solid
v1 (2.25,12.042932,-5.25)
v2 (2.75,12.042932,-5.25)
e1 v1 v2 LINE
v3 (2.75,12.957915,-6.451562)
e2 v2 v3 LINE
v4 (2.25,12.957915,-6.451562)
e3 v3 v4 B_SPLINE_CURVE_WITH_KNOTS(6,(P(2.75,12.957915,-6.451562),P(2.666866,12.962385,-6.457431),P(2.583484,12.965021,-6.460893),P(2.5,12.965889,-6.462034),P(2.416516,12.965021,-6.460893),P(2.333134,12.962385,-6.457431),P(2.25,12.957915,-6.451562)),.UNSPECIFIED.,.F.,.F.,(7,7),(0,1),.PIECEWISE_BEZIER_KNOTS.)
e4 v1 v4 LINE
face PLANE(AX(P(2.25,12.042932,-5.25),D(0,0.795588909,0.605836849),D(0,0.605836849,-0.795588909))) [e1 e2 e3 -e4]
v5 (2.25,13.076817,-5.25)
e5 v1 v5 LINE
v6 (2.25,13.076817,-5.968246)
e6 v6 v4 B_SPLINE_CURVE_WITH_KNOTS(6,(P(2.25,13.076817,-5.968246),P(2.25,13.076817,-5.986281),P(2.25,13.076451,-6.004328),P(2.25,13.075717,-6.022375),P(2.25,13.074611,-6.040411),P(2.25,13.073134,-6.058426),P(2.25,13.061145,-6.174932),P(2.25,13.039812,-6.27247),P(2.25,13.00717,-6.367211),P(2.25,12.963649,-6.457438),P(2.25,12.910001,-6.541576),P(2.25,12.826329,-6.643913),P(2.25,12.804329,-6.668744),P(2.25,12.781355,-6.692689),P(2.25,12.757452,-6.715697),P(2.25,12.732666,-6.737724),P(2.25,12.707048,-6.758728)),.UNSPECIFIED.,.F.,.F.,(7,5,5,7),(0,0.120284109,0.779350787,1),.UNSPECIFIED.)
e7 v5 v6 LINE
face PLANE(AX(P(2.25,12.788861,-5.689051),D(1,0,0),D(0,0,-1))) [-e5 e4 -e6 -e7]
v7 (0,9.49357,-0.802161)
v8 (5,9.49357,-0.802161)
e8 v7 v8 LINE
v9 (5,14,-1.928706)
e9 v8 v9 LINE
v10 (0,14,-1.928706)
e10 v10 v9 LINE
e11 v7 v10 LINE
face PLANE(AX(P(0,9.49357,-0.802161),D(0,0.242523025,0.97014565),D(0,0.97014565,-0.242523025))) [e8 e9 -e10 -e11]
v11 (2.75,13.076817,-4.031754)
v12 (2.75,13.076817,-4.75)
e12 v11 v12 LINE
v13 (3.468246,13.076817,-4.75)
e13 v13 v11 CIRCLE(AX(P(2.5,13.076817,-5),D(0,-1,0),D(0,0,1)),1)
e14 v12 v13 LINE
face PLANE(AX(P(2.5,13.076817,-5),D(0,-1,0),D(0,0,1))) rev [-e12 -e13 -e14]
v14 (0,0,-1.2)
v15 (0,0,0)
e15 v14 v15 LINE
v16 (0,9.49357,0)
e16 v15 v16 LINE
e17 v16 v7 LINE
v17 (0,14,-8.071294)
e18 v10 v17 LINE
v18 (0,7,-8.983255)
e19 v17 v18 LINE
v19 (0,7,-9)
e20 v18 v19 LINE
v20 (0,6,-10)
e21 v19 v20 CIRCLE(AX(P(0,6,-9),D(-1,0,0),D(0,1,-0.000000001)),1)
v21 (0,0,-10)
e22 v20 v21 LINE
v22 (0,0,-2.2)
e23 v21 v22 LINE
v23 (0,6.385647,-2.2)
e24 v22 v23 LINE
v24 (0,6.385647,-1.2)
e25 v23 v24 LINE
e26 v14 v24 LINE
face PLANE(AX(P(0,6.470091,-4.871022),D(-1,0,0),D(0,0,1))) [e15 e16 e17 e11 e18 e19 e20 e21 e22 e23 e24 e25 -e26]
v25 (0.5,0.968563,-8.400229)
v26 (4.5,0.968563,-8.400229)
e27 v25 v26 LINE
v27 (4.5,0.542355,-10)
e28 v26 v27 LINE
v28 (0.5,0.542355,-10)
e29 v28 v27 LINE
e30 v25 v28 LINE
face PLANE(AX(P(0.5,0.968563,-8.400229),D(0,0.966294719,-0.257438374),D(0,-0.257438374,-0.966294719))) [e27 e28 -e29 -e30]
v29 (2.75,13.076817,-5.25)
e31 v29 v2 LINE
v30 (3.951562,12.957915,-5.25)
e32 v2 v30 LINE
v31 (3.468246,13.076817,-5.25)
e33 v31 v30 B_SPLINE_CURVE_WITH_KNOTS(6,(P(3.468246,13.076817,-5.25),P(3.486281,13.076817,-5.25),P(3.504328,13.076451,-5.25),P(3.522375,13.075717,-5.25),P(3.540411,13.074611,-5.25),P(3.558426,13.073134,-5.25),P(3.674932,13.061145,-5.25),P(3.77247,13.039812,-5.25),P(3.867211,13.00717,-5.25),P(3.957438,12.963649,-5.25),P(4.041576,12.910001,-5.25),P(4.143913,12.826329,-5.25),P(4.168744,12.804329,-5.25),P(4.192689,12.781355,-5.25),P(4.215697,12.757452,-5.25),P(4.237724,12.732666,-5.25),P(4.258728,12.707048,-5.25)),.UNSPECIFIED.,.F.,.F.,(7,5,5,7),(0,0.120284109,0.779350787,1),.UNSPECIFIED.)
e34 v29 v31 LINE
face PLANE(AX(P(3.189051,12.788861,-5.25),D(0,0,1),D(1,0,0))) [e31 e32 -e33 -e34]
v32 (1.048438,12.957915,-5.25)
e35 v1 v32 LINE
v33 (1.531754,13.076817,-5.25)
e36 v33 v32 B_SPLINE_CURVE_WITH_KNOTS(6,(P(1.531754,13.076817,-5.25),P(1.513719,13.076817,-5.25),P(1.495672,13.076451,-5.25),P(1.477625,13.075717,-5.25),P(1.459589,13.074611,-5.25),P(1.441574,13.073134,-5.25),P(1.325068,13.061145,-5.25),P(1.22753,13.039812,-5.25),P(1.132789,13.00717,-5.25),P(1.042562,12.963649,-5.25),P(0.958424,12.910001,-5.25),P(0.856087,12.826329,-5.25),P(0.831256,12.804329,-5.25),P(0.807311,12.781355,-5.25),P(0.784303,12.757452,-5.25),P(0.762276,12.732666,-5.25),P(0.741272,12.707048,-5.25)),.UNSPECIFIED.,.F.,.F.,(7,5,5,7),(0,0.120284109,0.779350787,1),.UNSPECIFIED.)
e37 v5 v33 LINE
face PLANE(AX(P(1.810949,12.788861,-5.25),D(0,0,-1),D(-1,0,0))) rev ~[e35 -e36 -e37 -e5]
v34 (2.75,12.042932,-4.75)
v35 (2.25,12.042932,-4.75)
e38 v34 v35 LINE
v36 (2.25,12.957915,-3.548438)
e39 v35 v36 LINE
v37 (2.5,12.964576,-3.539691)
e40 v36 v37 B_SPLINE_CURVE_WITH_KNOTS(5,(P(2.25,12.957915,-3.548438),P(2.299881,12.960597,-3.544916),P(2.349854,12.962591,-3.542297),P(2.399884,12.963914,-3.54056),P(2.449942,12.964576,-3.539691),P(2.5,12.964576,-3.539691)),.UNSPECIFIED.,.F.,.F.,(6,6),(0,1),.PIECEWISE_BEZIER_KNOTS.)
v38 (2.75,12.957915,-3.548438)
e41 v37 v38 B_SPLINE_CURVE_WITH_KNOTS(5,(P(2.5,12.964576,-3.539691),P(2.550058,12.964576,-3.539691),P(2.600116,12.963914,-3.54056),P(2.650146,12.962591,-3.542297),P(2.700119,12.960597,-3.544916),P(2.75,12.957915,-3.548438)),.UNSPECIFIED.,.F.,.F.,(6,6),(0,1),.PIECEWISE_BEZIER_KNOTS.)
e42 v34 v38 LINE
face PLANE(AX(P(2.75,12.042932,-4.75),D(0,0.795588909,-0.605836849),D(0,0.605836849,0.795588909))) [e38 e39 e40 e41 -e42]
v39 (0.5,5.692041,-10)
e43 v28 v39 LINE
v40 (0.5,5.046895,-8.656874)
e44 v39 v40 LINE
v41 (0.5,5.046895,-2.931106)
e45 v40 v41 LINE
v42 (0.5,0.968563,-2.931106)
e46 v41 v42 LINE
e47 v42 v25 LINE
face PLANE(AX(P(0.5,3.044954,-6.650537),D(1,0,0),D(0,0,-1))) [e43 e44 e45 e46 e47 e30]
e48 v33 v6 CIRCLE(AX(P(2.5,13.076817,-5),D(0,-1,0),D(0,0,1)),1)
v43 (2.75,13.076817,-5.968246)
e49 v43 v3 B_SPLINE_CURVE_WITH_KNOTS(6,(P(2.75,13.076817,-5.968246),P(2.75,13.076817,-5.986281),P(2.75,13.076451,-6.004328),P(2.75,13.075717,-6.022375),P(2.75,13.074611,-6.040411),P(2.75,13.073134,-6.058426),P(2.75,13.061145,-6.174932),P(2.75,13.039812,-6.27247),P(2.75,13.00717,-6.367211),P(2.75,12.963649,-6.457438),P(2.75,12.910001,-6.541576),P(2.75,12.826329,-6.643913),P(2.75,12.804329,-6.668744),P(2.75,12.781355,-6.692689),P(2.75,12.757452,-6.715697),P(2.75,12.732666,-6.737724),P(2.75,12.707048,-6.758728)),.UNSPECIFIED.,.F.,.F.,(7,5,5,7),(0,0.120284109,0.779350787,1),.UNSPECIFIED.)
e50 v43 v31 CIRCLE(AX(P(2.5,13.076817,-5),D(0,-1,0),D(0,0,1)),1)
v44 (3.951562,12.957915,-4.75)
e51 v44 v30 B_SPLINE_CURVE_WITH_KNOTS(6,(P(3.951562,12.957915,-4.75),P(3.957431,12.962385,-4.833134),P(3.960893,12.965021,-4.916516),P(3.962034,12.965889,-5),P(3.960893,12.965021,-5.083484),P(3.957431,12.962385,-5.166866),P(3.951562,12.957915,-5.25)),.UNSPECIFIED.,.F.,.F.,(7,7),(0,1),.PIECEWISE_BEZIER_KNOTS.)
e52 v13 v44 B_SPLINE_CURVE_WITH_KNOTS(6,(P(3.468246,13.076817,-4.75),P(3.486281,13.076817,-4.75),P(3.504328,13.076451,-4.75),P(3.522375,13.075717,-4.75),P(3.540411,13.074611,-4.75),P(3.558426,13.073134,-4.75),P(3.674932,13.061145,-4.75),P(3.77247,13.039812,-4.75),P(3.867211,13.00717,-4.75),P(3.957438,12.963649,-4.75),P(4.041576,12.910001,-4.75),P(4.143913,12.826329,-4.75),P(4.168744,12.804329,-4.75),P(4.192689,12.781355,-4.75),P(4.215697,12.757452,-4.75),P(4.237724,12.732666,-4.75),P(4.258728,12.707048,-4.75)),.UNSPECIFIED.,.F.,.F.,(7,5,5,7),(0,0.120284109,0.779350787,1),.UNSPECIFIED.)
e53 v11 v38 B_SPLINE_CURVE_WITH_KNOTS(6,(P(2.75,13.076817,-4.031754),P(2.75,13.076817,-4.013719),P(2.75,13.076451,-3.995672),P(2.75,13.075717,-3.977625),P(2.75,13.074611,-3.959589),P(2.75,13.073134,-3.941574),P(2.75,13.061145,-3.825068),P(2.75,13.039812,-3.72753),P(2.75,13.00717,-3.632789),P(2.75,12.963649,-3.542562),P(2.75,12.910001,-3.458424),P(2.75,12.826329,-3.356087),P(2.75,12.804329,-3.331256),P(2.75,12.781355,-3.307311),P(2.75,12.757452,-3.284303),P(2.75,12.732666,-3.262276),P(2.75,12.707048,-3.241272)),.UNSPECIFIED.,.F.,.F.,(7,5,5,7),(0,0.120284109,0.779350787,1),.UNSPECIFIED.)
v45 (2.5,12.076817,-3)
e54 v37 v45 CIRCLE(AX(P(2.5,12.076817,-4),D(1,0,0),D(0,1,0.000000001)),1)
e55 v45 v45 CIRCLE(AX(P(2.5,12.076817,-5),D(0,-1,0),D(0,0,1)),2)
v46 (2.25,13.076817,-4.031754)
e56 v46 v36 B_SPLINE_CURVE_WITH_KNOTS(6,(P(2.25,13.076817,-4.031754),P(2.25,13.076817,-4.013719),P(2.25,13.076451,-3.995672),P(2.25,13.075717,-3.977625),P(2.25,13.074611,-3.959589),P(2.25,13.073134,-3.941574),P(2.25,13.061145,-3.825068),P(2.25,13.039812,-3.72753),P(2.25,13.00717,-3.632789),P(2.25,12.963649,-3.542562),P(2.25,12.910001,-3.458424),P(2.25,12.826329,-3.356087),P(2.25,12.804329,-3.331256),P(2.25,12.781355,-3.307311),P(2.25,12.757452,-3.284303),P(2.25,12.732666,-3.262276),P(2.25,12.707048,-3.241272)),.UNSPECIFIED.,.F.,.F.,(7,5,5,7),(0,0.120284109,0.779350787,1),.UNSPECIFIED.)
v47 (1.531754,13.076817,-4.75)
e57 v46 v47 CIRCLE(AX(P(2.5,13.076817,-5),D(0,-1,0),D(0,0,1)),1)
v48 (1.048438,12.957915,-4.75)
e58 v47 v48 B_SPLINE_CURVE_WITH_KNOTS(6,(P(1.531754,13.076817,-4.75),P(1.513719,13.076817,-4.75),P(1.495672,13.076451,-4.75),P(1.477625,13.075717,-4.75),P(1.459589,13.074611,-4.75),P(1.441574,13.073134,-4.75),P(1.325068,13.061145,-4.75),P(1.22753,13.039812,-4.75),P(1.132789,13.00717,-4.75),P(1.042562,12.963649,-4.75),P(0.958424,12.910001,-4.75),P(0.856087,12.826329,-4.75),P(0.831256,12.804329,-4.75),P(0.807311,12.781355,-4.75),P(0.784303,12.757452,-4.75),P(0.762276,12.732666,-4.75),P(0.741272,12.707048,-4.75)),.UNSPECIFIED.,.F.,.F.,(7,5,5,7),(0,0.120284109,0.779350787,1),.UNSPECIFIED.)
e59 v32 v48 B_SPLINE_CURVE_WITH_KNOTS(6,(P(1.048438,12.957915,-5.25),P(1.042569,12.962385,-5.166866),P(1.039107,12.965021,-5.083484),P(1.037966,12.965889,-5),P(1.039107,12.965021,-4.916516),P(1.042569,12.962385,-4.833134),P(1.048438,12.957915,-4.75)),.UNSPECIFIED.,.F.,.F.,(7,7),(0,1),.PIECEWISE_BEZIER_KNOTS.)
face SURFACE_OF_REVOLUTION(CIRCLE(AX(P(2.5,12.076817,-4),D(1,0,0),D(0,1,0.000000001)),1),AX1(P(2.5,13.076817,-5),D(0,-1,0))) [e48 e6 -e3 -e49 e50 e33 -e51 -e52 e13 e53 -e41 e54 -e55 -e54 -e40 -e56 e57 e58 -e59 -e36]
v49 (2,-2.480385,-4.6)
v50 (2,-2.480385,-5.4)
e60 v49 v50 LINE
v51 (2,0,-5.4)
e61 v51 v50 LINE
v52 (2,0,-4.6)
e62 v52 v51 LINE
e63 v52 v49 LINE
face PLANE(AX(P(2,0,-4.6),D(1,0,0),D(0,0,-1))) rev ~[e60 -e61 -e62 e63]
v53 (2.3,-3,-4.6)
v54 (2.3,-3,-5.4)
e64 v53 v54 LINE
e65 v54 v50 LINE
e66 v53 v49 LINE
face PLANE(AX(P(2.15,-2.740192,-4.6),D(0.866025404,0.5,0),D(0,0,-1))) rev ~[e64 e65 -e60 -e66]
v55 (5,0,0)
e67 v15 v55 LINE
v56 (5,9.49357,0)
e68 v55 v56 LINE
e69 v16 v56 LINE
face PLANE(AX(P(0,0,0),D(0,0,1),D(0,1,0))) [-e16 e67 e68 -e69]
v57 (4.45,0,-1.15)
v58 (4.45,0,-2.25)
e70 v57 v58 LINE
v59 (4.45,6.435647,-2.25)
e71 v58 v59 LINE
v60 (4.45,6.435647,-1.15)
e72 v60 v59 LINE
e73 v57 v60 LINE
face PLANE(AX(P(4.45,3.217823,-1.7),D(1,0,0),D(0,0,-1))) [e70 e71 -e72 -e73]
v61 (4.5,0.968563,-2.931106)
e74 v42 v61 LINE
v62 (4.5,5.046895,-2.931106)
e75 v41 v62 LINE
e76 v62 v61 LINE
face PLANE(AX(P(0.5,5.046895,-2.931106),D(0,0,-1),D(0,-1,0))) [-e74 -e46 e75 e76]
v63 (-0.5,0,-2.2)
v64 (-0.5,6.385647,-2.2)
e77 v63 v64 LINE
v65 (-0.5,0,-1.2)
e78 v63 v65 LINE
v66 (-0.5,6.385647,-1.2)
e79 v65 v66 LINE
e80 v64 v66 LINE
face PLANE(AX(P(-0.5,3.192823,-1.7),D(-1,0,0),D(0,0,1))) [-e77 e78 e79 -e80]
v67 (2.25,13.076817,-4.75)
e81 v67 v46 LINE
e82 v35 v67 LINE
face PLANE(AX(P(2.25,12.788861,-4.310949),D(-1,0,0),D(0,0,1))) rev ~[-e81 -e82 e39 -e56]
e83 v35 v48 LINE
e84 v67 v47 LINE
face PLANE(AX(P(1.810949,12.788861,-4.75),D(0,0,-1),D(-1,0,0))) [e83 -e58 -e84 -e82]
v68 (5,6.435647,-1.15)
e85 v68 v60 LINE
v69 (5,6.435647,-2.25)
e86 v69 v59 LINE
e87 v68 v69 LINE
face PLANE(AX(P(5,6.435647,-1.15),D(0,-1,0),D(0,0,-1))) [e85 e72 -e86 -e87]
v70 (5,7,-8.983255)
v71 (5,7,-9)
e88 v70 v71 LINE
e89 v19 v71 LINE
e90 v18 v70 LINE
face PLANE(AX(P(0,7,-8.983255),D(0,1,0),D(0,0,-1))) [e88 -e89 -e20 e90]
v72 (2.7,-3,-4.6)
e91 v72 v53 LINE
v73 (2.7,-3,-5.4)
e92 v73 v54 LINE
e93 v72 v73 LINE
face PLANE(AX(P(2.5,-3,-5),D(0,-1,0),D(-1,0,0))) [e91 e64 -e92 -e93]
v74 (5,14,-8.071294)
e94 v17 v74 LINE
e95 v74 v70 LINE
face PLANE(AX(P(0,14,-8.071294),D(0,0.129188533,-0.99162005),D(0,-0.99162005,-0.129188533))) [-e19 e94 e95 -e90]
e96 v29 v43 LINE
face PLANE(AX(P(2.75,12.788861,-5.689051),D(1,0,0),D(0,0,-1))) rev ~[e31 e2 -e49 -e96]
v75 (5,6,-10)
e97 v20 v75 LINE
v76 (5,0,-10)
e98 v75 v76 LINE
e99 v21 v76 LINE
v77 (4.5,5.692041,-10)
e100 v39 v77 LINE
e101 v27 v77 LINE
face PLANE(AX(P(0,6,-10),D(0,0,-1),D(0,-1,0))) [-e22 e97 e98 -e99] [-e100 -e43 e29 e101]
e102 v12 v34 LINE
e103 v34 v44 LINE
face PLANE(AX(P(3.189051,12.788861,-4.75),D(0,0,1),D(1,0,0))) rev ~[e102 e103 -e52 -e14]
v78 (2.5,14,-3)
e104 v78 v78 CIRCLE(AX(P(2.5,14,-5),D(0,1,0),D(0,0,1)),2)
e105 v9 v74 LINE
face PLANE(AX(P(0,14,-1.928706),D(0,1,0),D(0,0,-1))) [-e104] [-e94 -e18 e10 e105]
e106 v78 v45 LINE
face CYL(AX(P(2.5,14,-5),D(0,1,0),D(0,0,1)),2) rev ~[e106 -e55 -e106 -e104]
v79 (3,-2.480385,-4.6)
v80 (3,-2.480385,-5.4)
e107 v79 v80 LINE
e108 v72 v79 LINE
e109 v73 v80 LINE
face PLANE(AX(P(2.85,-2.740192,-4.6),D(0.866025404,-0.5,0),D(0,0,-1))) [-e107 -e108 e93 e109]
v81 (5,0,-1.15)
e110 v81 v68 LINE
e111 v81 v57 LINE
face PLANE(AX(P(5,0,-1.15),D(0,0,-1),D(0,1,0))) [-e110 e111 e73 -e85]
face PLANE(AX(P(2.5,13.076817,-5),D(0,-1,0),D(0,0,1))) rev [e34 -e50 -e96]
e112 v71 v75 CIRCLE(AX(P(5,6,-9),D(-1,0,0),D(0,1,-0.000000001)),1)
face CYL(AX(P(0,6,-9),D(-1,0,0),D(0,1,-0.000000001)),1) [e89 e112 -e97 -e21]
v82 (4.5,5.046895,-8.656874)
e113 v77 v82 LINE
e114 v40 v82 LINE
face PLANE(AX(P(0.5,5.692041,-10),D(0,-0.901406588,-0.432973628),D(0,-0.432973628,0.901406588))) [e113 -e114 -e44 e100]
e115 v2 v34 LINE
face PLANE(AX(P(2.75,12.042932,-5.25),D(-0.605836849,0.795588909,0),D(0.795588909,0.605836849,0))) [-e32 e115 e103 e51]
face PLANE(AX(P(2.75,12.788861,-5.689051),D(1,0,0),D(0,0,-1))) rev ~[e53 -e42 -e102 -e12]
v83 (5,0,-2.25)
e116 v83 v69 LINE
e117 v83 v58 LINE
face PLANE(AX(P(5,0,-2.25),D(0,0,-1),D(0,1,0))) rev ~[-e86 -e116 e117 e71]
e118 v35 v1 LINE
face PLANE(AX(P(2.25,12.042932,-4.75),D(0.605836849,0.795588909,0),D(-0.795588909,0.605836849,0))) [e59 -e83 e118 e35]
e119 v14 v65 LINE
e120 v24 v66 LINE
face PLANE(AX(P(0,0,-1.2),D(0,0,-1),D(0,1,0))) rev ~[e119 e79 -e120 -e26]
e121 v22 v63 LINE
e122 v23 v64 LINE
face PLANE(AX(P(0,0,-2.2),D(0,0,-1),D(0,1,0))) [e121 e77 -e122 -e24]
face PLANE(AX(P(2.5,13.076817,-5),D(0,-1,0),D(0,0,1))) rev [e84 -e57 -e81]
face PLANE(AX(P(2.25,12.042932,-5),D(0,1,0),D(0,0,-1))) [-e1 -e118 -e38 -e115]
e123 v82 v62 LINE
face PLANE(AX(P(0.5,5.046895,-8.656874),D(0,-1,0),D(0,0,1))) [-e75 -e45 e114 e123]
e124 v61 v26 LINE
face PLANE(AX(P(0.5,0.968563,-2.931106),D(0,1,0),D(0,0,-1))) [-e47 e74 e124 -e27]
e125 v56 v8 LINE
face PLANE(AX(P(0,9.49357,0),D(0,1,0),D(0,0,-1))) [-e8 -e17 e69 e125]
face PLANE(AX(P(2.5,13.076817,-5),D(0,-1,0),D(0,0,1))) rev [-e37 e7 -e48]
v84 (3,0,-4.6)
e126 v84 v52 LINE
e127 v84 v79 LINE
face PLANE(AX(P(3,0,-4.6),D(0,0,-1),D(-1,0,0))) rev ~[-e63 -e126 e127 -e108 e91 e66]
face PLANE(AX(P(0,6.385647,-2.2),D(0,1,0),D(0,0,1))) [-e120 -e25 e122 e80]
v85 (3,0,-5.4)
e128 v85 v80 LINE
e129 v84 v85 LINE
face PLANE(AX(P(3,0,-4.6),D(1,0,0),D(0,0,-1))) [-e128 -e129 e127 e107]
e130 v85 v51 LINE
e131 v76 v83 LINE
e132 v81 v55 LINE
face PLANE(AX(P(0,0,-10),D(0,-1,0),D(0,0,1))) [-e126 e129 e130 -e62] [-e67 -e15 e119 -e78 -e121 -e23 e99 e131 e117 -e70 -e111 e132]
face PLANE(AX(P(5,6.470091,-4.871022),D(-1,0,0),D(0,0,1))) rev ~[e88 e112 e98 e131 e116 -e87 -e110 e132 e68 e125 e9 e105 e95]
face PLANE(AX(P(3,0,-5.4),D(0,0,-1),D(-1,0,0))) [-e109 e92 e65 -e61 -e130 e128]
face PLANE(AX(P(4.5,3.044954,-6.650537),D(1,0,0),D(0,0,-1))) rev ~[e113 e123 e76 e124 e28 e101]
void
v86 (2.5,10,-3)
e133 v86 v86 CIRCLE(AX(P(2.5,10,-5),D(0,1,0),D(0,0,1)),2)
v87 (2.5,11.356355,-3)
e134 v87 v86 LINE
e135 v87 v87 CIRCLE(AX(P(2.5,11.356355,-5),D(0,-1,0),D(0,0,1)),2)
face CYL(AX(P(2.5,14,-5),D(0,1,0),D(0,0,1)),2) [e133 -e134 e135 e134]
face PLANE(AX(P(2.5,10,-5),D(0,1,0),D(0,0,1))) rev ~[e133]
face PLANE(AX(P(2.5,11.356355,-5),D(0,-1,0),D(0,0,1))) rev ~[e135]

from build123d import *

# Parameters (mm, degrees)
BOSS_EXTRUDE1_DEPTH      = 5
CUT_EXTRUDE_1_DEPTH      = 4
SKETCH_4_R               = 2
CUT_EXTRUDE_2_DEPTH      = 4
CUT_EXTRUDE_START        = 0.25
CUT_EXTRUDE_3_DEPTH      = 0.5
PATTERN_CIRCULAR_2_COUNT = 4
SKETCH_7_W               = 1
SKETCH_7_H               = 6.38564687
EXTRUDE_1_DEPTH          = 0.5
SKETCH_8_W               = 1.1
SKETCH_8_H               = 6.43564687
CUT_EXTRUDE_4_DEPTH      = 0.55
SKETCH_10_W              = 1
SKETCH_10_H              = 0.8
EXTRUDE_2_DEPTH          = 3
CHAMFER_2_SIZE           = 0.3
CHAMFER_2_SIZE2          = 0.519615242
CHAMFER_3_SIZE           = 0.3
CHAMFER_3_SIZE2          = 0.519615242


with BuildPart() as part:
    # Sketch1 → Boss-Extrude1 (new body)
    with BuildSketch(Plane(origin=(0, 0, 0), x_dir=(0, 0, -1), z_dir=(1, 0, 0))):
        with BuildLine():
            Line((8.071293529, 14), (8.983255455, 7))
            Line((8.983255455, 7), (9, 7))
            ThreePointArc((9, 7), (9.707106781, 6.707106781), (10, 6))
            Line((10, 6), (10, 0))
            Line((10, 0), (0, 0))
            Line((0, 0), (0, 9.493570114))
            Line((0, 9.493570114), (0.802161187, 9.493570114))
            Line((0.802161187, 9.493570114), (1.928706471, 14))
            Line((1.928706471, 14), (8.071293529, 14))
        make_face()
    extrude(amount=BOSS_EXTRUDE1_DEPTH)

    # Эскиз2 → Вырез-Вытянуть1 (cut)
    with BuildSketch(Plane.ZY.offset(-0.5)):
        Polygon((-10, 5.692040605), (-8.656873738, 5.046895275), (-2.931105615, 5.046895275), (-2.931105615, 0.968562632), (-8.400228705, 0.968562632), (-10, 0.542354651), align=None)
    extrude(amount=-CUT_EXTRUDE_1_DEPTH, mode=Mode.SUBTRACT)

    # Эскиз4 → Вырез-Вытянуть2 (cut)
    with BuildSketch(Plane(origin=(0, 14, 0), x_dir=(1, 0, 0), z_dir=(0, 1, 0))):
        with Locations((2.5, 5)):
            Circle(SKETCH_4_R)
    extrude(amount=-CUT_EXTRUDE_2_DEPTH, mode=Mode.SUBTRACT)

    # Эскиз5 → Повернуть1 (revolve)
    with BuildSketch(Plane.ZY.offset(-2.5)):
        with BuildLine():
            Line((-5, 13.076817247), (-6, 13.076817247))
            ThreePointArc((-6, 13.076817247), (-6.707106781, 12.783924028), (-7, 12.076817247))
            Line((-7, 12.076817247), (-7, 11.356355107))
            Line((-7, 11.356355107), (-5, 11.356355107))
            Line((-5, 11.356355107), (-5, 13.076817247))
        make_face()
    revolve(axis=Axis((2.5, 13.076817247, -5), (0, -1, 0)))

    # Эскиз6 → Вырез-Вытянуть3 (cut)
    with BuildSketch(Plane.ZY.offset(-2.5).offset(CUT_EXTRUDE_START)):
        Polygon((-6.758727889, 13.191820369), (-5, 13.191820369), (-5, 12.042931868), (-5.25, 12.042931868), align=None)
    cut_extrude_3 = extrude(amount=-CUT_EXTRUDE_3_DEPTH, mode=Mode.SUBTRACT)

    # Круговой массив2: Вырез-Вытянуть3 ×4 about axis
    pattern_circular_2_axis = Axis((2.5, -0.7, -5), (0, 1, 0))
    for i in range(1, PATTERN_CIRCULAR_2_COUNT):
        add(cut_extrude_3.rotate(pattern_circular_2_axis, i * 360 / PATTERN_CIRCULAR_2_COUNT), mode=Mode.SUBTRACT)

    # Эскиз7 → Бобышка-Вытянуть1 (add)
    with BuildSketch(Plane.ZY):
        with Locations((-1.7, 3.192823435)):
            Rectangle(SKETCH_7_W, SKETCH_7_H)
    extrude(amount=EXTRUDE_1_DEPTH)

    # Эскиз8 → Вырез-Вытянуть4 (cut)
    with BuildSketch(Plane(origin=(5, 0, 0), x_dir=(0, 0, -1), z_dir=(1, 0, 0))):
        with Locations((1.7, 3.217823435)):
            Rectangle(SKETCH_8_W, SKETCH_8_H)
    extrude(amount=-CUT_EXTRUDE_4_DEPTH, mode=Mode.SUBTRACT)

    # Эскиз10 → Бобышка-Вытянуть2 (add)
    with BuildSketch(Plane(origin=(0, 0, 0), x_dir=(-1, 0, 0), z_dir=(0, -1, 0))):
        with Locations((-2.5, 5)):
            Rectangle(SKETCH_10_W, SKETCH_10_H)
    extrude(amount=EXTRUDE_2_DEPTH)

    # Фаска2
    chamfer_2_edges = [part.edges().sort_by_distance(p)[0] for p in [
        (2, -3, -5),
    ]]
    chamfer_2_side = [part.faces().sort_by_distance(p)[0] for p in [
        (2.5, -3, -5),
    ]]
    chamfer(chamfer_2_edges, length=CHAMFER_2_SIZE, length2=CHAMFER_2_SIZE2, reference=chamfer_2_side[0])

    # Фаска3
    chamfer_3_edges = [part.edges().sort_by_distance(p)[0] for p in [
        (3, -3, -5),
    ]]
    chamfer_3_side = [part.faces().sort_by_distance(p)[0] for p in [
        (2.65, -3, -5),
    ]]
    chamfer(chamfer_3_edges, length=CHAMFER_3_SIZE, length2=CHAMFER_3_SIZE2, reference=chamfer_3_side[0])


solid = part.part
